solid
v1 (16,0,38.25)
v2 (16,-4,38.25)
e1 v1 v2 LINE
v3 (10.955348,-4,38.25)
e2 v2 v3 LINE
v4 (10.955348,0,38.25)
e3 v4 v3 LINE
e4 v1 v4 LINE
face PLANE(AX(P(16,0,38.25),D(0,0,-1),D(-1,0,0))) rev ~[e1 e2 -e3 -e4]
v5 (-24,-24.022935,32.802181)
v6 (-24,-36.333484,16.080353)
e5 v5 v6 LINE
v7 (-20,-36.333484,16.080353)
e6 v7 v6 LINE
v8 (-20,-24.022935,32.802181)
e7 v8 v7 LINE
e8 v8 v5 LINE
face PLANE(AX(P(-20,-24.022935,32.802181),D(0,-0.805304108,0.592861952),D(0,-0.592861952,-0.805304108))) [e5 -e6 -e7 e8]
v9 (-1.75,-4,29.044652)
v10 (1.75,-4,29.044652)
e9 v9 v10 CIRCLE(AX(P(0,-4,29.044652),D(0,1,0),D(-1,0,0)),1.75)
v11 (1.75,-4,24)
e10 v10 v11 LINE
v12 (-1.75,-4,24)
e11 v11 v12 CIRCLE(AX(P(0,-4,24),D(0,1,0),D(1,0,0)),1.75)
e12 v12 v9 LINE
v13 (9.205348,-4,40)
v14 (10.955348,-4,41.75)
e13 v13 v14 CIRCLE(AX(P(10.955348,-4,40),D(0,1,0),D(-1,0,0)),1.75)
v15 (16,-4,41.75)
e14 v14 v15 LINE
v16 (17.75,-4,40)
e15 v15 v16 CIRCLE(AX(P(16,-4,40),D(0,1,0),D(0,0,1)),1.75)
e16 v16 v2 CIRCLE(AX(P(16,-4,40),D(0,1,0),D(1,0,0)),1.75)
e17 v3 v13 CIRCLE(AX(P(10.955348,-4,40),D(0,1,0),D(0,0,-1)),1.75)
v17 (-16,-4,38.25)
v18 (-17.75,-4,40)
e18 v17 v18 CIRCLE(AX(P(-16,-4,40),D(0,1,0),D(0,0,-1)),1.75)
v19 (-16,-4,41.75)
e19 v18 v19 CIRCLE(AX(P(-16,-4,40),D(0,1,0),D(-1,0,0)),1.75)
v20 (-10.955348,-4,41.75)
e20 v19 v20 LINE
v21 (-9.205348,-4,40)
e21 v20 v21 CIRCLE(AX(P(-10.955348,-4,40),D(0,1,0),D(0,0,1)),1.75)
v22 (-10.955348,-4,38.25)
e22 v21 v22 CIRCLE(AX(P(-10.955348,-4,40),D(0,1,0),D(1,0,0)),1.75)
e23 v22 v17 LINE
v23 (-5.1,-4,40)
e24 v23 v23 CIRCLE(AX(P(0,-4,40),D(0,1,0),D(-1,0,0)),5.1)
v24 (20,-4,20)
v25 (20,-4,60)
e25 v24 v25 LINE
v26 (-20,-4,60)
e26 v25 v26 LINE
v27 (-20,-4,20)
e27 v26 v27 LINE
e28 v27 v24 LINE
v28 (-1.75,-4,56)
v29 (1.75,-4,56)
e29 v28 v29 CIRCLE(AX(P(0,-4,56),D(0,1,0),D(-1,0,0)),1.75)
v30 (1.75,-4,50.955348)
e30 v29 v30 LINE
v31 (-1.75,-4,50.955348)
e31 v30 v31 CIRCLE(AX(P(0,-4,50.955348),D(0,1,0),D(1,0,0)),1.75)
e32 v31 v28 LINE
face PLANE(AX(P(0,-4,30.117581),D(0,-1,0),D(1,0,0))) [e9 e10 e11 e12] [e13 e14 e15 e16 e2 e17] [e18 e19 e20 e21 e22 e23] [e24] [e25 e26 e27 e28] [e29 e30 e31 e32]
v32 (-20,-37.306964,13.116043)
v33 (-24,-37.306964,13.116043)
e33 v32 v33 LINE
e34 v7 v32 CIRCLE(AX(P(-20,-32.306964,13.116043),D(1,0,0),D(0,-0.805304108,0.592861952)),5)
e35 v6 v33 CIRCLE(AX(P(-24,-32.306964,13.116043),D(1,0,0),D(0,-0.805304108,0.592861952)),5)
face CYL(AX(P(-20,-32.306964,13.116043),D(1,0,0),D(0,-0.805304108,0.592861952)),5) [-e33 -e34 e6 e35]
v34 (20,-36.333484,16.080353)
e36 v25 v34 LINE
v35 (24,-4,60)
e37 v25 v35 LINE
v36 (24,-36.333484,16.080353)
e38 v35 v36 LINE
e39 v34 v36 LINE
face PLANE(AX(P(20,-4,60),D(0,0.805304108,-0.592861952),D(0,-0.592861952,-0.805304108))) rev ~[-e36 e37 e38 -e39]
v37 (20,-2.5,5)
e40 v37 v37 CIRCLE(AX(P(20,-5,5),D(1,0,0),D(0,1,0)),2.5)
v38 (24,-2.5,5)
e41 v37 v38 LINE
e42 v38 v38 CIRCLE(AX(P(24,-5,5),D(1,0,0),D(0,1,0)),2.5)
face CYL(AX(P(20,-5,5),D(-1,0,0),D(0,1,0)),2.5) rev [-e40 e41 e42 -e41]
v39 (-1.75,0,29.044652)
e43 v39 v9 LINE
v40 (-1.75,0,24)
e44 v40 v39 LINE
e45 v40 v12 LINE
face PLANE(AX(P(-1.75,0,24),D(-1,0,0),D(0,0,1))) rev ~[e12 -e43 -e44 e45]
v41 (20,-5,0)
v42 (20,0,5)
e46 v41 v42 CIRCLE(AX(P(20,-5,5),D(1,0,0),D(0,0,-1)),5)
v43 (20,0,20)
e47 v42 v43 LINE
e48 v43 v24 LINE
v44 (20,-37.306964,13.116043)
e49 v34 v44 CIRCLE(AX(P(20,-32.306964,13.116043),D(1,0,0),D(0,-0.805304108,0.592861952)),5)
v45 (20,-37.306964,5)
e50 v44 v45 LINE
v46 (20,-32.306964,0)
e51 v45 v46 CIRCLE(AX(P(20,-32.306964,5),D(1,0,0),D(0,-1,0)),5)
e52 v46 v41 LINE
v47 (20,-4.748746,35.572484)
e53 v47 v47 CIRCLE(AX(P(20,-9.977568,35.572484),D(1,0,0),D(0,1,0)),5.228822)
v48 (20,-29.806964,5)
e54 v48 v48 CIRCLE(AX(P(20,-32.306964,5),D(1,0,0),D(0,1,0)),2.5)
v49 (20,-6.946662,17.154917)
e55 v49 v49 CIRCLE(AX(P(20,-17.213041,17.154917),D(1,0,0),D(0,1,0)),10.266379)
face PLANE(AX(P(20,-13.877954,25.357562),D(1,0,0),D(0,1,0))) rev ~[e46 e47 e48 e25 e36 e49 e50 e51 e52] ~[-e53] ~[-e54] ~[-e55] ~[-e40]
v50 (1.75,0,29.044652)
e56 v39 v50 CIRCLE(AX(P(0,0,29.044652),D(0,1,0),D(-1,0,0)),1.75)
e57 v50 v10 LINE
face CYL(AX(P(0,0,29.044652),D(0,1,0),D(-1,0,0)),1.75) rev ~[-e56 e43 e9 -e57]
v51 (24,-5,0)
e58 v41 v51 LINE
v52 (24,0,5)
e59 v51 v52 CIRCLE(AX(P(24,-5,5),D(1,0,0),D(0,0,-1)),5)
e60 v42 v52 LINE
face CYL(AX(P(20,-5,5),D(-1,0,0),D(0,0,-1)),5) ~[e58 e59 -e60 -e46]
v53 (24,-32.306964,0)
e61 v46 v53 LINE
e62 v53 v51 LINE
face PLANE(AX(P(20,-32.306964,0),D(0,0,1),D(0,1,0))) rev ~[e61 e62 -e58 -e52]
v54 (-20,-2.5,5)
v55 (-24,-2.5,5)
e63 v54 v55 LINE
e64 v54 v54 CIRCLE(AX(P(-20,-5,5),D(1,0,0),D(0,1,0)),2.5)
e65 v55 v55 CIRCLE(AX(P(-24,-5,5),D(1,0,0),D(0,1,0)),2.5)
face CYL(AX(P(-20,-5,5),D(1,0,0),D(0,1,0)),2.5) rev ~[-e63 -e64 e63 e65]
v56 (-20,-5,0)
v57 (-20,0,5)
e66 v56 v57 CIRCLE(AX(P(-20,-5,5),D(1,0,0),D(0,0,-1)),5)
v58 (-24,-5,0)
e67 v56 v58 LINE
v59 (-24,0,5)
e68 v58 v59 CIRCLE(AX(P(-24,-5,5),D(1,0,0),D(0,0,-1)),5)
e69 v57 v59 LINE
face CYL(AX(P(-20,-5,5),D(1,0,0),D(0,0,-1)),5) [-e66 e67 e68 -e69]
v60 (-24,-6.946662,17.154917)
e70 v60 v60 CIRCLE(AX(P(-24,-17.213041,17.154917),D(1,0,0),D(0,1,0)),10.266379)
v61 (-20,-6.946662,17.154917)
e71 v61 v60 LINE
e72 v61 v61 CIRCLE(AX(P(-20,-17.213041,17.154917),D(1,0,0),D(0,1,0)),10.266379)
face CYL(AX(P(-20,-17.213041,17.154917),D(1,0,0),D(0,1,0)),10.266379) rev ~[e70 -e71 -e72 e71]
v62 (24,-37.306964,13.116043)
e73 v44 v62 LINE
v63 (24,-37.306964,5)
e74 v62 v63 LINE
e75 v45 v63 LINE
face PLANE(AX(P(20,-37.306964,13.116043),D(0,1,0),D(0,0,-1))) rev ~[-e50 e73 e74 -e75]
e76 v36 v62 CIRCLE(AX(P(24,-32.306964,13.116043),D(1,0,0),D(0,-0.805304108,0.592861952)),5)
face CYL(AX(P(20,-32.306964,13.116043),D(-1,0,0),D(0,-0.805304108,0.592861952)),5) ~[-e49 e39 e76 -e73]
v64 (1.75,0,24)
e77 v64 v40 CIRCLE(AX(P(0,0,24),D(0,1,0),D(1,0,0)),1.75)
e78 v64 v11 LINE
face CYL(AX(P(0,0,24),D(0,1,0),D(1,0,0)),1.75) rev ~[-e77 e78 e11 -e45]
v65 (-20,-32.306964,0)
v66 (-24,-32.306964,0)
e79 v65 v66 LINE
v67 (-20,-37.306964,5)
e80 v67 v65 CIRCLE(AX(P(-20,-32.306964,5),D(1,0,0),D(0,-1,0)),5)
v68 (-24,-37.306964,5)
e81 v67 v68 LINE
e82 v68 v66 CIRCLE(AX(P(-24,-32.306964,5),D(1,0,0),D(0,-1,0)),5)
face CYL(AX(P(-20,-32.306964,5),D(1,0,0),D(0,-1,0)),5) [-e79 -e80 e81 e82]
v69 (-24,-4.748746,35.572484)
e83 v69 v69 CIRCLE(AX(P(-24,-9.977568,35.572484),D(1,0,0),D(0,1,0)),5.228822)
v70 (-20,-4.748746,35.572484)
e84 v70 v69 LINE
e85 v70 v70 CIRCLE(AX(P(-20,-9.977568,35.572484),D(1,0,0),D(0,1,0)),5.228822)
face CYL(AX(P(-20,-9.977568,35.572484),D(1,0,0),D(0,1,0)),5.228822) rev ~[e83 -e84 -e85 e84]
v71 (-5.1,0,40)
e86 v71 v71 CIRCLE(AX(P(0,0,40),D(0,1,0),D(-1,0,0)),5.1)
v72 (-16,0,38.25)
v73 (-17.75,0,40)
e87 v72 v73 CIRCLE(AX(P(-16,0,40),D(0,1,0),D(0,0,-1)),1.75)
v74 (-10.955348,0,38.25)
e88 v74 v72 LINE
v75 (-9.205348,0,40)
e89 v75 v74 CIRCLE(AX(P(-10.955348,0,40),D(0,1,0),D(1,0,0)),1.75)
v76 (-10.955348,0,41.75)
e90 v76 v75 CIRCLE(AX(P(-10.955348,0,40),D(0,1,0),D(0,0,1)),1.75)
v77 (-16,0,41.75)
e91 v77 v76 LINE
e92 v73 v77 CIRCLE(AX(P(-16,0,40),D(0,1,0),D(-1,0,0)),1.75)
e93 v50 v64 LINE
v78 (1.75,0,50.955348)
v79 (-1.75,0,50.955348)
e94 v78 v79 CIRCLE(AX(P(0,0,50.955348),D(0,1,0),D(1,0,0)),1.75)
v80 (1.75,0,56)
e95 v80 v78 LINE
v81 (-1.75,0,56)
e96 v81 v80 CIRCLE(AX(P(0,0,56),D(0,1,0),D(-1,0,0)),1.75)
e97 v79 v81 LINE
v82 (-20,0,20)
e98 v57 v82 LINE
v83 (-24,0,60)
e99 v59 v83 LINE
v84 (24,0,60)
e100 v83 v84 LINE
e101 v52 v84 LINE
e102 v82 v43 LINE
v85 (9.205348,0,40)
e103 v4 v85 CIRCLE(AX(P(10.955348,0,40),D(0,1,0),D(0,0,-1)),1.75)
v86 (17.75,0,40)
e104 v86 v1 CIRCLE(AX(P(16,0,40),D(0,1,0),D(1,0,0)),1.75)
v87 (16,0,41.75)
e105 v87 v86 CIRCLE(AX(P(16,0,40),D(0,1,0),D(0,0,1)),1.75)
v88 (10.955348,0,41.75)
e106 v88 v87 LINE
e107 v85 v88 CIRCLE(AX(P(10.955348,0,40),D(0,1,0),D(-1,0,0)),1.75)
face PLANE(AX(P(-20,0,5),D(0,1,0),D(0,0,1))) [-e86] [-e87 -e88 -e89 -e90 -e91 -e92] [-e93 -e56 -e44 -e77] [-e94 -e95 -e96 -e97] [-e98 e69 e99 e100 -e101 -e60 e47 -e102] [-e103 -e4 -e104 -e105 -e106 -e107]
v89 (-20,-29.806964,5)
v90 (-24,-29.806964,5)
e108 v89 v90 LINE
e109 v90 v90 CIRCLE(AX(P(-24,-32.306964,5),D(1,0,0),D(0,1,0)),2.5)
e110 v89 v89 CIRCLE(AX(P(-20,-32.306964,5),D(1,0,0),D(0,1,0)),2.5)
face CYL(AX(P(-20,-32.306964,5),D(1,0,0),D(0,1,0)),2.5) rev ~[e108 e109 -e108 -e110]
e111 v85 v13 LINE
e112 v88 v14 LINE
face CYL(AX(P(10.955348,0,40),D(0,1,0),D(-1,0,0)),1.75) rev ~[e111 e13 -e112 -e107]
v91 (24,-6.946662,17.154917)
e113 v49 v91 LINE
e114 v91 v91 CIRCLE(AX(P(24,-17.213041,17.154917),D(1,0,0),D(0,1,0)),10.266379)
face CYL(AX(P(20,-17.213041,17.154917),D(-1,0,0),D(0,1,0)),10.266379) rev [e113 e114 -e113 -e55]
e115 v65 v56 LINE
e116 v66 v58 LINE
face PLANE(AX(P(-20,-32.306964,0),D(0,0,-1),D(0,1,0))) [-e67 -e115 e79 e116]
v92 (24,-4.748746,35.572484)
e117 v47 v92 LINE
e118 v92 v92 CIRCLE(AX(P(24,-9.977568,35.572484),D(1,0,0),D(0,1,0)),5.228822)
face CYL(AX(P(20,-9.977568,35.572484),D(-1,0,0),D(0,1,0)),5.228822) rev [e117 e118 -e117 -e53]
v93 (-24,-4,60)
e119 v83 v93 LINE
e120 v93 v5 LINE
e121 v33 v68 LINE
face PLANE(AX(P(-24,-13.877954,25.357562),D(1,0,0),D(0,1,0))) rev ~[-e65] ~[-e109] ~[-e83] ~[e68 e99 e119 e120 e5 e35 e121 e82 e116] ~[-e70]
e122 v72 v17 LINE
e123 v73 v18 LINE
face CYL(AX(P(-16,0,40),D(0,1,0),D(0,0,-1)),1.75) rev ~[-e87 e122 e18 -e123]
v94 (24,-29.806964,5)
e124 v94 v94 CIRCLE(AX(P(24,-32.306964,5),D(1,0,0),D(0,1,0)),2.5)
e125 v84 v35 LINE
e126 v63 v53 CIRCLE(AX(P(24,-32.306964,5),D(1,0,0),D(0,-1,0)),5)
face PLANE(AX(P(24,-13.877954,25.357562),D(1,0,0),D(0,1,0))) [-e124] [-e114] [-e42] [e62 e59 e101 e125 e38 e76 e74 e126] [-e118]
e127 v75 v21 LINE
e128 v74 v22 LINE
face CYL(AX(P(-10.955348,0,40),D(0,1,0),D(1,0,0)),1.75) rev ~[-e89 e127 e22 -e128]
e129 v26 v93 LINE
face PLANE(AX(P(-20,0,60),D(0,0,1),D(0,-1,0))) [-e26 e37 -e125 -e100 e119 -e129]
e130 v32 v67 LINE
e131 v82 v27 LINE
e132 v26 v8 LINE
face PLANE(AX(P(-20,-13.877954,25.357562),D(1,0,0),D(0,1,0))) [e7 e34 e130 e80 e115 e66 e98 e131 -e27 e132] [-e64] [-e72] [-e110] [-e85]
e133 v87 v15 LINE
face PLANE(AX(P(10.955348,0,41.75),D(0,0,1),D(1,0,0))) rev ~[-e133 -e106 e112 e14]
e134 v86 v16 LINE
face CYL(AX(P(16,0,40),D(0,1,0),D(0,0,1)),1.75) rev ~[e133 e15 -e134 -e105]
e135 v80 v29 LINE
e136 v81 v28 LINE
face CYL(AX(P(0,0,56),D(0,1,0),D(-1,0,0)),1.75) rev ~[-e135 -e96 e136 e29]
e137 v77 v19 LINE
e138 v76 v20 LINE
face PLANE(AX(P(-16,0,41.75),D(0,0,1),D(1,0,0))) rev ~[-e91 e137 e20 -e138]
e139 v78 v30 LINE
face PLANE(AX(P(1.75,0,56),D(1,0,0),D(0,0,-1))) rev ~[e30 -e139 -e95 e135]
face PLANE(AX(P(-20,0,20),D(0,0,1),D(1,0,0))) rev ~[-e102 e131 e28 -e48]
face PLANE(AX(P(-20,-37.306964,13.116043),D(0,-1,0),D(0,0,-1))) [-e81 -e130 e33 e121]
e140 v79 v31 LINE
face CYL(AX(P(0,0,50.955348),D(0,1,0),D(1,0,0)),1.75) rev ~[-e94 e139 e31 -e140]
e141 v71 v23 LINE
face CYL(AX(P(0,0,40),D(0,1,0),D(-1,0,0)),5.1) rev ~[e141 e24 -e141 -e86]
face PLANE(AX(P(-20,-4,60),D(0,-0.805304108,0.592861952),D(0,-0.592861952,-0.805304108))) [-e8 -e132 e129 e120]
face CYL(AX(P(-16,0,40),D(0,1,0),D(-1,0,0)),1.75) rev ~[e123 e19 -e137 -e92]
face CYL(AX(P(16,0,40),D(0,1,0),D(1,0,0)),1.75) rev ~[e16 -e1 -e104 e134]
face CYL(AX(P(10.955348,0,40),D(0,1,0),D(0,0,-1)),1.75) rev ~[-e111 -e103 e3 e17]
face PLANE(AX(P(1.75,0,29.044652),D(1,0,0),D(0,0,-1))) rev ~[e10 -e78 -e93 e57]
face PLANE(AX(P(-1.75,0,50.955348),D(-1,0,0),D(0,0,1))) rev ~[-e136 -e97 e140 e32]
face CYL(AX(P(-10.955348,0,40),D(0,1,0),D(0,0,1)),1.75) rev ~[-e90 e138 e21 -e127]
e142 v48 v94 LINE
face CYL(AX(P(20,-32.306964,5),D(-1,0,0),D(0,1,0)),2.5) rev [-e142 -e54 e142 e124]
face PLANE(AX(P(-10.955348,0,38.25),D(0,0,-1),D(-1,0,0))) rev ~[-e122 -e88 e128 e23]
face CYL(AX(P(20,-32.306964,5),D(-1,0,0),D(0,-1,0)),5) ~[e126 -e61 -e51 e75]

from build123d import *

# Parameters (mm, degrees)
F1_DEPTH = 4
F2_R     = 2.5
F2_R_2   = 10.2663789445
F2_R_3   = 5.2288220919
F3_DEPTH = 4
F5_R     = 2.5
F5_R_2   = 10.2663789445
F5_R_3   = 5.2288220919
F6_DEPTH = 4


with BuildPart() as f1:
    # F0 (on Front) → F1 (new body)
    with BuildSketch(Plane.XZ):
        with BuildLine():
            Line((9.2053477168, 40), (5.1, 40))
            ThreePointArc((5.1, 40), (0, 34.9), (-5.1, 40))
            Line((-5.1, 40), (-9.2053477168, 40))
            ThreePointArc((-9.2053477168, 40), (-9.7179108497, 38.7625631329), (-10.9553477168, 38.25))
            Line((-10.9553477168, 38.25), (-16, 38.25))
            ThreePointArc((-16, 38.25), (-17.2374368671, 38.7625631329), (-17.75, 40))
            Line((-17.75, 40), (-20, 40))
            Line((-20, 40), (-20, 20))
            Line((-20, 20), (20, 20))
            Line((20, 20), (20, 40))
            Line((20, 40), (17.75, 40))
            ThreePointArc((17.75, 40), (17.2374368671, 38.7625631329), (16, 38.25))
            Line((16, 38.25), (10.9553477168, 38.25))
            ThreePointArc((10.9553477168, 38.25), (9.7179108497, 38.7625631329), (9.2053477168, 40))
        make_face()
        with BuildLine():
            Line((1.75, 29.0446522832), (1.75, 24))
            ThreePointArc((1.75, 24), (0, 22.25), (-1.75, 24))
            Line((-1.75, 24), (-1.75, 29.0446522832))
            ThreePointArc((-1.75, 29.0446522832), (0, 30.7946522832), (1.75, 29.0446522832))
        make_face(mode=Mode.SUBTRACT)
        with BuildLine():
            ThreePointArc((-5.1, 40), (0, 45.1), (5.1, 40))
            Line((5.1, 40), (9.2053477168, 40))
            ThreePointArc((9.2053477168, 40), (9.7179108497, 41.2374368671), (10.9553477168, 41.75))
            Line((10.9553477168, 41.75), (16, 41.75))
            ThreePointArc((16, 41.75), (17.2374368671, 41.2374368671), (17.75, 40))
            Line((17.75, 40), (20, 40))
            Line((20, 40), (20, 60))
            Line((20, 60), (-20, 60))
            Line((-20, 60), (-20, 40))
            Line((-20, 40), (-17.75, 40))
            ThreePointArc((-17.75, 40), (-17.2374368671, 41.2374368671), (-16, 41.75))
            Line((-16, 41.75), (-10.9553477168, 41.75))
            ThreePointArc((-10.9553477168, 41.75), (-9.7179108497, 41.2374368671), (-9.2053477168, 40))
            Line((-9.2053477168, 40), (-5.1, 40))
        make_face()
        with BuildLine():
            ThreePointArc((1.75, 50.9553477168), (0, 49.2053477168), (-1.75, 50.9553477168))
            Line((-1.75, 50.9553477168), (-1.75, 56))
            ThreePointArc((-1.75, 56), (0, 57.75), (1.75, 56))
            Line((1.75, 56), (1.75, 50.9553477168))
        make_face(mode=Mode.SUBTRACT)
    extrude(amount=F1_DEPTH)

    # F2 (on face) → F3 (join)
    with BuildSketch(Plane.YZ.offset(20)):
        with BuildLine():
            Line((-32.3069637418, 0), (-5, 0))
            ThreePointArc((-5, 0), (-1.4644660941, 1.4644660941), (0, 5))
            Line((0, 5), (0, 60))
            Line((0, 60), (-4, 60))
            Line((-4, 60), (-36.3334842795, 16.0803529313))
            ThreePointArc((-36.3334842795, 16.0803529313), (-37.0573638664, 14.6760747904), (-37.3069637418, 13.1160431703))
            Line((-37.3069637418, 13.1160431703), (-37.3069637418, 5))
            ThreePointArc((-37.3069637418, 5), (-35.8424976477, 1.4644660941), (-32.3069637418, 0))
        make_face()
        with Locations((-32.3069637418, 5)):
            Circle(F2_R, mode=Mode.SUBTRACT)
        with Locations((-5, 5)):
            Circle(F2_R, mode=Mode.SUBTRACT)
        with Locations((-17.2130409628, 17.1549171209)):
            Circle(F2_R_2, mode=Mode.SUBTRACT)
        with Locations((-9.977567941, 35.5724841356)):
            Circle(F2_R_3, mode=Mode.SUBTRACT)
    extrude(amount=F3_DEPTH)

    # F5 (on 3pt) → F6 (join)
    with BuildSketch(Plane.YZ.offset(-20)):
        with BuildLine():
            Line((-32.3069637418, 0), (-5, 0))
            ThreePointArc((-5, 0), (-1.4644660941, 1.4644660941), (0, 5))
            Line((0, 5), (0, 60))
            Line((0, 60), (-4, 60))
            Line((-4, 60), (-24.0229353611, 32.8021809608))
            Line((-24.0229353611, 32.8021809608), (-36.3334842795, 16.0803529313))
            ThreePointArc((-36.3334842795, 16.0803529313), (-37.0573638664, 14.6760747904), (-37.3069637418, 13.1160431703))
            Line((-37.3069637418, 13.1160431703), (-37.3069637418, 5))
            ThreePointArc((-37.3069637418, 5), (-35.8424976477, 1.4644660941), (-32.3069637418, 0))
        make_face()
        with Locations((-32.3069637418, 5)):
            Circle(F5_R, mode=Mode.SUBTRACT)
        with Locations((-5, 5)):
            Circle(F5_R, mode=Mode.SUBTRACT)
        with Locations((-17.2130409628, 17.1549171209)):
            Circle(F5_R_2, mode=Mode.SUBTRACT)
        with Locations((-9.977567941, 35.5724841356)):
            Circle(F5_R_3, mode=Mode.SUBTRACT)
    extrude(amount=-F6_DEPTH)


solid = f1.part
